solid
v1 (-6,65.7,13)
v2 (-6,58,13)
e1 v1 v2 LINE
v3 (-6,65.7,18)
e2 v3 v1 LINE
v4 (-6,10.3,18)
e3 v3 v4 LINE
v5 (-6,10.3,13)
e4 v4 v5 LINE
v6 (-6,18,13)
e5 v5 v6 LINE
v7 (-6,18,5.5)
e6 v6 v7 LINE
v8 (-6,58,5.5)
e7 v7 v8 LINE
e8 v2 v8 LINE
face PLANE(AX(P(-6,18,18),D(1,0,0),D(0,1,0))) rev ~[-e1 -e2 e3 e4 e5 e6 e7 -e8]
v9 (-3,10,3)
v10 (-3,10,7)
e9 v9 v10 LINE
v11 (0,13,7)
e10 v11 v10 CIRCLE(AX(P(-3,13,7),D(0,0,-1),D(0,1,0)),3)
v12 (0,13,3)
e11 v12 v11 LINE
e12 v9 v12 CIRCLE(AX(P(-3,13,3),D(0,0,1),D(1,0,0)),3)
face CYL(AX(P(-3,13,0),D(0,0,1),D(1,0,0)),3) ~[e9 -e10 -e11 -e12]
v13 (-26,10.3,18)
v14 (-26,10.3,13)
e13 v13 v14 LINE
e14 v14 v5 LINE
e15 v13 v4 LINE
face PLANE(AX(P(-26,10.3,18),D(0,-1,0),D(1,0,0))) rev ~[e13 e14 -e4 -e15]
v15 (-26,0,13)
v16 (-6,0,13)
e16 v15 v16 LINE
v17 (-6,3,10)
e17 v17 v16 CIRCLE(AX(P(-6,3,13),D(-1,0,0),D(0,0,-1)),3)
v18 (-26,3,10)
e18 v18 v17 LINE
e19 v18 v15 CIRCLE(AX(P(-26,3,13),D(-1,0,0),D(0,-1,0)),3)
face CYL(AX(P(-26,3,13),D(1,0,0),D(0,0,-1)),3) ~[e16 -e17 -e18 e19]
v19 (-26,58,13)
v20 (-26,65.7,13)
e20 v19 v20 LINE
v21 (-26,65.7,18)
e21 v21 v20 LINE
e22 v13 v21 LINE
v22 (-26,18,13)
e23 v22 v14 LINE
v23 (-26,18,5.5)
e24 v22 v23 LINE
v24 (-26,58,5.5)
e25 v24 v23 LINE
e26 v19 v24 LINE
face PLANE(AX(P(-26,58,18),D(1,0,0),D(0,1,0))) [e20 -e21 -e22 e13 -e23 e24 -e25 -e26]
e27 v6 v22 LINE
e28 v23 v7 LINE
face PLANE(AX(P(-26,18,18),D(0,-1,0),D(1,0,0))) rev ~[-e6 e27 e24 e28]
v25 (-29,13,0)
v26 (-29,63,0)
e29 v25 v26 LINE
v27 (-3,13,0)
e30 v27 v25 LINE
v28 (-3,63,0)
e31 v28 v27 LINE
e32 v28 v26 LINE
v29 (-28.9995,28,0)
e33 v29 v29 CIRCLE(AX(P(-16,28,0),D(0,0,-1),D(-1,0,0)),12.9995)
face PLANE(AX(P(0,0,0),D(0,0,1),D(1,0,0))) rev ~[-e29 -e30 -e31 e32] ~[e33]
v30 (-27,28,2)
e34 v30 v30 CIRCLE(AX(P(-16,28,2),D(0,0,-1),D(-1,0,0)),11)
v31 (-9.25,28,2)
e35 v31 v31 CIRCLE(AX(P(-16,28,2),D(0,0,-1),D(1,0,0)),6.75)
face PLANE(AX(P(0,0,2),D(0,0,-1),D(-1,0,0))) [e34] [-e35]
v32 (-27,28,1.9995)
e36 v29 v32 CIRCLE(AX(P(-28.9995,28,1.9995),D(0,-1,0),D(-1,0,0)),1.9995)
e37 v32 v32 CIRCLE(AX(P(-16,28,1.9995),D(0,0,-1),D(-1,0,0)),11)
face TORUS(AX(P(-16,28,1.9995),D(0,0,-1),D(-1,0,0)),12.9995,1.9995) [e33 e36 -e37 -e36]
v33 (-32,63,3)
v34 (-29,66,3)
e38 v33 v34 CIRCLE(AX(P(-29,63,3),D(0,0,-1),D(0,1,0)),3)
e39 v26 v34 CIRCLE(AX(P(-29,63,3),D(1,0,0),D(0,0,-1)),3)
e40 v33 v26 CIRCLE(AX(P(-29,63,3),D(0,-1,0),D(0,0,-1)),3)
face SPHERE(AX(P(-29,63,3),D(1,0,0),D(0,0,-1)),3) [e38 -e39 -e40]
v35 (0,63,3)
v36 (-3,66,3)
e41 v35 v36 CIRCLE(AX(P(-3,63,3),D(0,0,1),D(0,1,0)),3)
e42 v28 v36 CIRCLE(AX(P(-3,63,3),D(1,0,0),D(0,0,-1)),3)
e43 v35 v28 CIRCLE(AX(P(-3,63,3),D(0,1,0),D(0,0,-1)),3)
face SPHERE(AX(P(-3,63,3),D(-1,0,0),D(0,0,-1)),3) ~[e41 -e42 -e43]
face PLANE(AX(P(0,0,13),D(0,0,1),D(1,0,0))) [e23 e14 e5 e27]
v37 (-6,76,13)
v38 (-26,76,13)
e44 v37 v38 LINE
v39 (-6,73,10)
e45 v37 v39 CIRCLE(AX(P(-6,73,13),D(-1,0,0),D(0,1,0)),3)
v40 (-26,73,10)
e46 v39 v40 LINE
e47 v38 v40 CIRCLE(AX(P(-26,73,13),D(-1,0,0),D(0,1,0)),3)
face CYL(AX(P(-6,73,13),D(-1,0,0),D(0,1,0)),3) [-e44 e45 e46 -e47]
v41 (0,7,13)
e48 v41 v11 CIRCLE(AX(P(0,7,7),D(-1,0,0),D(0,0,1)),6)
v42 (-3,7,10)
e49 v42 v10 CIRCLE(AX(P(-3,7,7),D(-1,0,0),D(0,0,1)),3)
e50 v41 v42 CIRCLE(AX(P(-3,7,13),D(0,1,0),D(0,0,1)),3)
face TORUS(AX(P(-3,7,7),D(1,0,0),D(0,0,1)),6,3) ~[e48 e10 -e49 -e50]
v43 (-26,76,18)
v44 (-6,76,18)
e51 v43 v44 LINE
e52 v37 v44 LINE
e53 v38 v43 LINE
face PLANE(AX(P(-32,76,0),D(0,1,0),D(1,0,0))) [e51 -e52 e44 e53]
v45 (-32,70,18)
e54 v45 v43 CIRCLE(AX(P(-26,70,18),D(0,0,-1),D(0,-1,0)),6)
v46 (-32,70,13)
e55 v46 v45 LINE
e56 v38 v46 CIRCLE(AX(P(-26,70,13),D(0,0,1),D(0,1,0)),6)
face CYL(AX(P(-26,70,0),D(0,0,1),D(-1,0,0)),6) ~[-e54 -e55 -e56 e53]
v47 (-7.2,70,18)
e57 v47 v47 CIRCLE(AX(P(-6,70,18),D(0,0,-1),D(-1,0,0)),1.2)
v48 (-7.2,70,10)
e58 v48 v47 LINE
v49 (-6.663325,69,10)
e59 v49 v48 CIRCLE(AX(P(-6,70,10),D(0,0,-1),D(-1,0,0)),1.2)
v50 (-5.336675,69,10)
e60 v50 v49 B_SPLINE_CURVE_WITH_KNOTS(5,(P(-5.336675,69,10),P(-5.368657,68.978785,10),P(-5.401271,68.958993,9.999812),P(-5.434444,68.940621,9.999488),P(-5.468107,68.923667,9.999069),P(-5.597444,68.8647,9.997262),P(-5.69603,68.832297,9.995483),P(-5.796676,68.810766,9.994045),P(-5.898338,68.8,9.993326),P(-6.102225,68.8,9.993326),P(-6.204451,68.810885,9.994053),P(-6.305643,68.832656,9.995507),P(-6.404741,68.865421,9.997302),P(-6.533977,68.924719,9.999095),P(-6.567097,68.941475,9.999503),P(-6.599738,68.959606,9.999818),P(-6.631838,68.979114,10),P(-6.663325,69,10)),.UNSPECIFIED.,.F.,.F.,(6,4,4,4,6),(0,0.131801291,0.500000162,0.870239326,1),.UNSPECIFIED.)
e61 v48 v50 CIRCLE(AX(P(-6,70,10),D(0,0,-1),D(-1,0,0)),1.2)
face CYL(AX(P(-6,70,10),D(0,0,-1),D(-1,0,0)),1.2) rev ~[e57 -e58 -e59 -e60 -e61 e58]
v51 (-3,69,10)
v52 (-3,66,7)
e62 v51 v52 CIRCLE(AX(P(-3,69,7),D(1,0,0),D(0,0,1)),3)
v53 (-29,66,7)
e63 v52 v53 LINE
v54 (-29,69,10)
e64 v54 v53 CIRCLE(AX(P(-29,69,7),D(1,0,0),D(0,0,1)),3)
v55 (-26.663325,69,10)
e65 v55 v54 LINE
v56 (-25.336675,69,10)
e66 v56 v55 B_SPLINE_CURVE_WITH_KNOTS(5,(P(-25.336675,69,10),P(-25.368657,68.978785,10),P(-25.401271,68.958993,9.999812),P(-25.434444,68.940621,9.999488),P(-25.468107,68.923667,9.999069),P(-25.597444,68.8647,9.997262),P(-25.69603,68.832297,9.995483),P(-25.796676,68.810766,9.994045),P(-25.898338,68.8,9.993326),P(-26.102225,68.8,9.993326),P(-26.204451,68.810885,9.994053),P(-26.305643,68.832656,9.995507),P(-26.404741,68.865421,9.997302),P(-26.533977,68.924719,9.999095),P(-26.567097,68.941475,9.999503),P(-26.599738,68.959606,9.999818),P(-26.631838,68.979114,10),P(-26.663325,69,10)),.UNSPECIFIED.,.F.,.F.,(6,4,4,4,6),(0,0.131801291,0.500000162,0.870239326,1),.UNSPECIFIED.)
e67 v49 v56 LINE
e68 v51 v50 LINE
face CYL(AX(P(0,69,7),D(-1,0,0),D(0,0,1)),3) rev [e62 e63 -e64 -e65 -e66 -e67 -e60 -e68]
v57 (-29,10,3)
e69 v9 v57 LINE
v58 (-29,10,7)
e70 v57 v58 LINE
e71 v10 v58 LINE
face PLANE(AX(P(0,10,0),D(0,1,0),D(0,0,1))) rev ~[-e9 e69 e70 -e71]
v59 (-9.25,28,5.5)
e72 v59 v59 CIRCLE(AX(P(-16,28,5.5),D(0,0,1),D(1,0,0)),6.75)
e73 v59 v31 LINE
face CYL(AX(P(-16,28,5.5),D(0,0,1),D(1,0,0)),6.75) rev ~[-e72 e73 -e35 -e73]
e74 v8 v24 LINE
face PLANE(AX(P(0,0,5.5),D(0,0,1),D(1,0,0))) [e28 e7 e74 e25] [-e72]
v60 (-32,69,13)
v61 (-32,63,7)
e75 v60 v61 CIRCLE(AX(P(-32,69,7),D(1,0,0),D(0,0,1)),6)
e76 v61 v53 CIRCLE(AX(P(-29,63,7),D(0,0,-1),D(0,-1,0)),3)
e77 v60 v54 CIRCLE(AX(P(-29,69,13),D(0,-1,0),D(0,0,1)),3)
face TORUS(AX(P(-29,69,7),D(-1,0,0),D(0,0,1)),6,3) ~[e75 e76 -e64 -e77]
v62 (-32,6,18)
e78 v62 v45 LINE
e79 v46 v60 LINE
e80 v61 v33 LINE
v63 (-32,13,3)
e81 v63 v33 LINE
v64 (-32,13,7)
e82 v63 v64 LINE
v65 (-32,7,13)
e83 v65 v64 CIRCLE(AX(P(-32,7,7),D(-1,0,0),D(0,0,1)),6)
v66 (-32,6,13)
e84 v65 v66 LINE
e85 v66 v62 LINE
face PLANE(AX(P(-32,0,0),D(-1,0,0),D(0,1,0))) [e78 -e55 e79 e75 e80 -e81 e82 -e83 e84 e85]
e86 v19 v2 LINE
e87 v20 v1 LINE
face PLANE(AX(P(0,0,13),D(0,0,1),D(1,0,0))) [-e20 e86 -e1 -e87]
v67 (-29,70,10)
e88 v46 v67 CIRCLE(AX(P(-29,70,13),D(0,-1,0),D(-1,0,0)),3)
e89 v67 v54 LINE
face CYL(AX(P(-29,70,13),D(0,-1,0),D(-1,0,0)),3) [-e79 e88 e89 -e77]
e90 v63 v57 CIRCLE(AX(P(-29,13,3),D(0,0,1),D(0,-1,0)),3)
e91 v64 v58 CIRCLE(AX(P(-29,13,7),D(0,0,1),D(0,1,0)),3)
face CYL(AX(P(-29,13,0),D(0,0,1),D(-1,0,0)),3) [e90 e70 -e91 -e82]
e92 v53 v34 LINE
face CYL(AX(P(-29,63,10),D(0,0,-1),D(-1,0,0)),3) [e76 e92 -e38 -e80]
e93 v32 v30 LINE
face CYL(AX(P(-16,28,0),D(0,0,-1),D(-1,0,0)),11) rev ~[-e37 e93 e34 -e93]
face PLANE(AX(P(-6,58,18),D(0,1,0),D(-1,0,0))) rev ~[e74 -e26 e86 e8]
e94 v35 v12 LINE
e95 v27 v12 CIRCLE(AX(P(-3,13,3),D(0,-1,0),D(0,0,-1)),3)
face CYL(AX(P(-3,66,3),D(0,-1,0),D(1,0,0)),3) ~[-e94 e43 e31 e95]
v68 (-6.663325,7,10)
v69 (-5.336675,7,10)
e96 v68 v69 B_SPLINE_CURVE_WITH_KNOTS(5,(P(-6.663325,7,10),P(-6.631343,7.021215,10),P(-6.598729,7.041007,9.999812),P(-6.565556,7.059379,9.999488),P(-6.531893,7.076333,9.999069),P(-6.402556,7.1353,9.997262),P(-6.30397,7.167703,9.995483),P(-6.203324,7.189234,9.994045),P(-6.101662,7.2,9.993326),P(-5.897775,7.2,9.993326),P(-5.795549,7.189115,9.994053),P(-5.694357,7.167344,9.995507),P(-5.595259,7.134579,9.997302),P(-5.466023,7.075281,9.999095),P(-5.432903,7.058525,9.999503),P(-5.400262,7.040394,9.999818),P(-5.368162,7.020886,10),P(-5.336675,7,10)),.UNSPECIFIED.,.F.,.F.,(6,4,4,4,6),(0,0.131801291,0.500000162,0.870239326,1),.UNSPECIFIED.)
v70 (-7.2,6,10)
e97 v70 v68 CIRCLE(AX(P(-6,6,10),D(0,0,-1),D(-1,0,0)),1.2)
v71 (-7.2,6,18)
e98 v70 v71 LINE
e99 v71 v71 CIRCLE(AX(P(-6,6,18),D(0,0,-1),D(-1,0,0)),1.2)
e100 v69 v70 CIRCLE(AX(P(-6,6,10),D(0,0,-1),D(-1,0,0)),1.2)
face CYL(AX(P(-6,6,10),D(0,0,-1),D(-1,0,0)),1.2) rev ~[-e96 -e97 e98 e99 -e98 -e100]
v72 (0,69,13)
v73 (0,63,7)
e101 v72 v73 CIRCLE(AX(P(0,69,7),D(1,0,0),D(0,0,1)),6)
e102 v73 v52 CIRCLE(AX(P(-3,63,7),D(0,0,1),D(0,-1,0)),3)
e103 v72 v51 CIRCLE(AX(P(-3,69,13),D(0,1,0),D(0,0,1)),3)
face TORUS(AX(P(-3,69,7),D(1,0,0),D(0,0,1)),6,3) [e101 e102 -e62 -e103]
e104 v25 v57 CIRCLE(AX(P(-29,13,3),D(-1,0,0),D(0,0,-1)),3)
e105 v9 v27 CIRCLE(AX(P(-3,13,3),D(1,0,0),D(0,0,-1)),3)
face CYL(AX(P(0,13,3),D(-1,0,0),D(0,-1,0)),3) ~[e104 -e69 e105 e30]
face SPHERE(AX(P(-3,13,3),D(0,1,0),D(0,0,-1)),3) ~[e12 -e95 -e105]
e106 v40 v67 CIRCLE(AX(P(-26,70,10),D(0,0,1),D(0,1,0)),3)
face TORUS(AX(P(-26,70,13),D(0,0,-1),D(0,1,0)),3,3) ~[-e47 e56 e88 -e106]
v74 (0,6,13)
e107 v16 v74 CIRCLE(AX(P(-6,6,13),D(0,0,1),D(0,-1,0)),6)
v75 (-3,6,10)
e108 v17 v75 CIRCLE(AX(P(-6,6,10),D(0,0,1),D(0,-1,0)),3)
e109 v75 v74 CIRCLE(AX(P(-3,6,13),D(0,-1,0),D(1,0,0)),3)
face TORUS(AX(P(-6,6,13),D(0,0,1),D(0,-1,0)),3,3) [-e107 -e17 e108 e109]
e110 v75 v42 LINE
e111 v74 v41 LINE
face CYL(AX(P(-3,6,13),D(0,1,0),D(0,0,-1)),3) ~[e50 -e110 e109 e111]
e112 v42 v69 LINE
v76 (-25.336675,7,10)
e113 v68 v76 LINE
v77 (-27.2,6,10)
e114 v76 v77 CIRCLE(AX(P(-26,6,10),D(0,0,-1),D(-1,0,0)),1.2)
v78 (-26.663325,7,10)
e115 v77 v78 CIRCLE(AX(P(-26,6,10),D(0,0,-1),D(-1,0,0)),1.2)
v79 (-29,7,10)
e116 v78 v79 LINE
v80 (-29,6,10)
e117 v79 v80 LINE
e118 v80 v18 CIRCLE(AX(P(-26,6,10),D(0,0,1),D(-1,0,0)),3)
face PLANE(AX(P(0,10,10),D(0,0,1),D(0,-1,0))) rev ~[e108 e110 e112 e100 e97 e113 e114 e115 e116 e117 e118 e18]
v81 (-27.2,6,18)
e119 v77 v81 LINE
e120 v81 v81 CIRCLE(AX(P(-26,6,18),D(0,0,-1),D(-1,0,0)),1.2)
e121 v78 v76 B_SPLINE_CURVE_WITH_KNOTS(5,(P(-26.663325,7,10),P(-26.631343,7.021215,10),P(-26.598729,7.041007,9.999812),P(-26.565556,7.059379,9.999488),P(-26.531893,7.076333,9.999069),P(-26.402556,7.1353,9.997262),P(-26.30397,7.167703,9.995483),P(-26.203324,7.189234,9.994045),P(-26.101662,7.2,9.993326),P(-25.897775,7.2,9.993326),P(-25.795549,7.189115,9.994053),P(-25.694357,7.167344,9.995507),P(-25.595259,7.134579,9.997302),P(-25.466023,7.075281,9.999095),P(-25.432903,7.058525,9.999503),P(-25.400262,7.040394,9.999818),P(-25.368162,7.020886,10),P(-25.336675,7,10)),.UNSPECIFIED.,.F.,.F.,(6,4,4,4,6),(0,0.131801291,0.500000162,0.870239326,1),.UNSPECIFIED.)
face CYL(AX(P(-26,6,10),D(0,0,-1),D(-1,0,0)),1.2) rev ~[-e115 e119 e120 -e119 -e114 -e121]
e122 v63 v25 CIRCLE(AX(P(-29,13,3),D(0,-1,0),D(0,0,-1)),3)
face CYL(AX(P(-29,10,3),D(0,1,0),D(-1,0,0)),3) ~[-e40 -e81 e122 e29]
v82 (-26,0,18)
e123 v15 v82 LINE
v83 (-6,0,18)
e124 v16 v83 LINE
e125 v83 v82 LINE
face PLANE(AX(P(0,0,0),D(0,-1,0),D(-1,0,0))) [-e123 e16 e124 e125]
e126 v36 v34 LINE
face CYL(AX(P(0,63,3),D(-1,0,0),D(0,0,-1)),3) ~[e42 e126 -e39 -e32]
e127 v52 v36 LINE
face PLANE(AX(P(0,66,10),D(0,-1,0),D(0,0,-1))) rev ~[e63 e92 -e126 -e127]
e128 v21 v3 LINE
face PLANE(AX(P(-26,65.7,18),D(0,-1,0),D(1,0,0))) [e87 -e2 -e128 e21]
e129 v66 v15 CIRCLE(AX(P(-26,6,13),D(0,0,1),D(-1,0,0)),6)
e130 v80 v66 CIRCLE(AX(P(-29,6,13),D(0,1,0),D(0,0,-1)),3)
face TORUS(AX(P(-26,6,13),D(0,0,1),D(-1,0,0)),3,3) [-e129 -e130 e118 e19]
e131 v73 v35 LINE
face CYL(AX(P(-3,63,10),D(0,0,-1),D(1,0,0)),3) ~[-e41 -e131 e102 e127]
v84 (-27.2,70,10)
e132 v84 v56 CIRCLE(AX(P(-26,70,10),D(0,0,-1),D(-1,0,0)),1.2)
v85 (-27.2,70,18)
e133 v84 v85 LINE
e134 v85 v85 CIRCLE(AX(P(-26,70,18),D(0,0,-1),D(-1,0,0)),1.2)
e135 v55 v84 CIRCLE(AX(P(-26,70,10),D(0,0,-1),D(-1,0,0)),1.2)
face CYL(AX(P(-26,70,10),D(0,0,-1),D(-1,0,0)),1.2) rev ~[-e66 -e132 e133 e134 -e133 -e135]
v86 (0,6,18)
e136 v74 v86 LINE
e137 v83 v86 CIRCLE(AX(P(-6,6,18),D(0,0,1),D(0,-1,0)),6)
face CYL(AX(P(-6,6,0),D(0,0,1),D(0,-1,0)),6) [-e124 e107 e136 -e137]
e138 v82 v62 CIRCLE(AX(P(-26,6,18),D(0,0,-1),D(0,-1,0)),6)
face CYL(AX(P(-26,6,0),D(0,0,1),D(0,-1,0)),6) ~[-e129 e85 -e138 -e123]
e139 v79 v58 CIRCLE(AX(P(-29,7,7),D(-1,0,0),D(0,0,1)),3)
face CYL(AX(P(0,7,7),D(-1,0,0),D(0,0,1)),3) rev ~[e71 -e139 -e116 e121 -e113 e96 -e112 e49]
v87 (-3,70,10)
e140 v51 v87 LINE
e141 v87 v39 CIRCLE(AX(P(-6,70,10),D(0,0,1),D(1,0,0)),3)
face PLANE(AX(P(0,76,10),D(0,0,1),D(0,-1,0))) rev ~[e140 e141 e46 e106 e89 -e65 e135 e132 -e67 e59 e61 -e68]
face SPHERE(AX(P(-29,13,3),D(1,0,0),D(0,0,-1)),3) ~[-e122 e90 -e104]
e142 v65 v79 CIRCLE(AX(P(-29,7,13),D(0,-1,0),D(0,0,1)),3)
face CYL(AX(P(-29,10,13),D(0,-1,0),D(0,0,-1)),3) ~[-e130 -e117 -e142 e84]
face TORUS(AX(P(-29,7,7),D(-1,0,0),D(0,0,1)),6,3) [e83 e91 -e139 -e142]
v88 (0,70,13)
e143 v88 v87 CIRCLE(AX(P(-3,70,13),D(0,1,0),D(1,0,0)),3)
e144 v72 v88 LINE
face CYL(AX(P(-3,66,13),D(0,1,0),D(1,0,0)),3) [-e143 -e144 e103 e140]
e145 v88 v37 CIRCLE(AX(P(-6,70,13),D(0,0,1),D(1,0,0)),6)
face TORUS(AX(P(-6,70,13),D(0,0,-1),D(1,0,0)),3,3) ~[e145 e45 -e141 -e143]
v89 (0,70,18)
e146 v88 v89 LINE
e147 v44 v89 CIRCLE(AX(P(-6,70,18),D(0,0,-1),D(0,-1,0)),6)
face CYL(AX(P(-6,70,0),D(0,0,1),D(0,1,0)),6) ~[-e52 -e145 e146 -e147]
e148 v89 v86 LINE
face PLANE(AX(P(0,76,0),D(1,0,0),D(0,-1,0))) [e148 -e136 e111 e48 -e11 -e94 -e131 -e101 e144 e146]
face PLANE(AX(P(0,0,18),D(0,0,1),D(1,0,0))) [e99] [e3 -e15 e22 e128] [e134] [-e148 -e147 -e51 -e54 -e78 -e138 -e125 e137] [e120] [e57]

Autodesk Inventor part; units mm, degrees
ref_plane "YZ Plane" through (0, 0, 0) normal (1, 0, 0) x (0, 1, 0)
ref_plane "XZ Plane" through (0, 0, 0) normal (0, 1, 0) x (-1, 0, 0)
ref_plane "XY Plane" through (0, 0, 0) normal (0, 0, 1) x (1, 0, 0)
sketch "Sketch1" plane through (0, 0, 0) normal (0, 0, 1) x (1, 0, 0)
  line L0 (0, 0) -> (-32, 0)
  line L1 (-32, 0) -> (-32, 76)
  line L2 (-32, 76) -> (0, 76)
  line L3 (0, 76) -> (0, 0)
  dimension "d0" = 32
  dimension "d1" = 76
extrude "Extrusion1" add sketch "Sketch1" along normal blind 18
fillet "Fillet1" radius 6 4 edges at (0, 76, 9) (-32, 76, 9) (0, 0, 9) (-32, 0, 9)
sketch "Sketch2" plane through (0, 0, 18) normal (0, 0, 1) x (1, 0, 0)
  line L0 (-6, 58) -> (-26, 58)
  line L1 (-26, 58) -> (-26, 18)
  line L2 (-26, 18) -> (-6, 18)
  line L3 (-6, 18) -> (-6, 58)
  line L4 (-6, 76) -> (-26, 76) projected
  line L5 (0, 6) -> (0, 70) projected
  point P0 (0, 0)
  dimension "d5" = 20
  dimension "d6" = 40
  dimension "d7" = 18
  dimension "d8" = 6
extrude "Extrusion2" cut sketch "Sketch2" against normal blind 12.5
sketch "Sketch3" plane through (0, 0, 5.5) normal (0, 0, 1) x (1, 0, 0)
  circle A0 centre (-16, 28) radius 6.75
  line L0 (-6, 58) -> (-6, 18) projected
  line L1 (-6, 18) -> (-26, 18) projected
  point P0 (0, 0)
  dimension "d11" = 13.5
  dimension "d12" = 10
  dimension "d13" = 10
extrude "Extrusion3" cut sketch "Sketch3" against normal up to surface (5.5 mm away)
sketch "Sketch4" plane through (0, 0, 18) normal (0, 0, 1) x (1, 0, 0)
  line L0 (-26, 58) -> (-6, 58) projected
  line L1 (-6, 58) -> (-26, 58)
  line L2 (-26, 58) -> (-26, 65.7)
  line L3 (-26, 65.7) -> (-6, 65.7)
  line L4 (-6, 65.7) -> (-6, 58)
  line L5 (-6, 18) -> (-26, 18) projected
  line L6 (-6, 18) -> (-26, 18)
  line L7 (-26, 18) -> (-26, 10.3)
  line L8 (-26, 10.3) -> (-6, 10.3)
  line L9 (-6, 10.3) -> (-6, 18)
  point P0 (0, 0)
  point P1 (-26, 18)
  dimension "d16" = 7.7
  dimension "d17" = 20
  dimension "d18" = 7.7
extrude "Extrusion4" cut sketch "Sketch4" against normal blind 5
sketch "Sketch5" plane through (0, 6, 0) normal (1, 0, 0) x (0, 0, -1)
  line L0 (0, -6) -> (-18, -6) projected
  line L1 (0, -6) -> (0, 4)
  line L2 (0, 0) -> (0, -6) projected
  line L3 (0, 4) -> (-10, 4)
  line L4 (-10, 4) -> (-10, -6)
  line L5 (0, 70) -> (0, 64) projected
  line L6 (0, 70) -> (-10, 70)
  line L7 (-10, 70) -> (-10, 60)
  line L8 (-10, 60) -> (0, 60)
  line L9 (0, 60) -> (0, 70)
  dimension "d21" = 10
  dimension "d22" = 10
  dimension "d23" = 10
  dimension "d24" = 10
extrude "Extrusion5" cut sketch "Sketch5" against normal up to surface (32 mm away)
fillet "Fillet2" radius 3 20 edges at (-16, 66, 0) (0, 38, 0) (-16, 10, 0) (-32, 38, 0) (0, 66, 5) (-32, 66, 5) (0, 10, 5) (-16, 66, 10) (-32, 10, 5) (-16, 10, 10) (-16, 76, 10) (-30.2426, 74.2426, 10) (-32, 68, 10) (0, 68, 10) (-1.7574, 74.2426, 10) (-1.7574, 1.7574, 10) (0, 8, 10) (-30.2426, 1.7574, 10) (-32, 8, 10) (-16, 0, 10)
sketch "Sketch6" plane through (-3, 69, 10) normal (0, 0, -1) x (-1, 0, 0)
  arc A0 (26, 1) -> (23, 4) centre (23, 1) ccw projected
  circle A1 centre (23, 1) radius 1.2
  arc A2 (3, 4) -> (0, 1) centre (3, 1) ccw projected
  circle A3 centre (3, 1) radius 1.2
  arc A4 (0, -63) -> (3, -66) centre (3, -63) ccw projected
  circle A5 centre (3, -63) radius 1.2
  arc A6 (23, -66) -> (26, -63) centre (23, -63) ccw projected
  circle A7 centre (23, -63) radius 1.2
  point P0 (-3, -69)
  dimension "d28" = 2.4
  dimension "d29" = 2.4
  dimension "d30" = 2.4
  dimension "d31" = 2.4
extrude "Extrusion6" cut sketch "Sketch6" along normal blind 5 and the other way blind 10
sketch "Sketch7" plane through (0, 0, 0) normal (0, 0, -1) x (-1, 0, 0)
  circle A0 centre (16, 28) radius 6.75 projected
  circle A1 centre (16, 28) radius 11
  point P0 (0, 0)
  dimension "d36" = 22
extrude "Extrusion7" cut sketch "Sketch7" against normal blind 2
fillet "Fillet3" radius 2 1 edges at (-5, 28, 0)
properties part number "ramie03-5"
